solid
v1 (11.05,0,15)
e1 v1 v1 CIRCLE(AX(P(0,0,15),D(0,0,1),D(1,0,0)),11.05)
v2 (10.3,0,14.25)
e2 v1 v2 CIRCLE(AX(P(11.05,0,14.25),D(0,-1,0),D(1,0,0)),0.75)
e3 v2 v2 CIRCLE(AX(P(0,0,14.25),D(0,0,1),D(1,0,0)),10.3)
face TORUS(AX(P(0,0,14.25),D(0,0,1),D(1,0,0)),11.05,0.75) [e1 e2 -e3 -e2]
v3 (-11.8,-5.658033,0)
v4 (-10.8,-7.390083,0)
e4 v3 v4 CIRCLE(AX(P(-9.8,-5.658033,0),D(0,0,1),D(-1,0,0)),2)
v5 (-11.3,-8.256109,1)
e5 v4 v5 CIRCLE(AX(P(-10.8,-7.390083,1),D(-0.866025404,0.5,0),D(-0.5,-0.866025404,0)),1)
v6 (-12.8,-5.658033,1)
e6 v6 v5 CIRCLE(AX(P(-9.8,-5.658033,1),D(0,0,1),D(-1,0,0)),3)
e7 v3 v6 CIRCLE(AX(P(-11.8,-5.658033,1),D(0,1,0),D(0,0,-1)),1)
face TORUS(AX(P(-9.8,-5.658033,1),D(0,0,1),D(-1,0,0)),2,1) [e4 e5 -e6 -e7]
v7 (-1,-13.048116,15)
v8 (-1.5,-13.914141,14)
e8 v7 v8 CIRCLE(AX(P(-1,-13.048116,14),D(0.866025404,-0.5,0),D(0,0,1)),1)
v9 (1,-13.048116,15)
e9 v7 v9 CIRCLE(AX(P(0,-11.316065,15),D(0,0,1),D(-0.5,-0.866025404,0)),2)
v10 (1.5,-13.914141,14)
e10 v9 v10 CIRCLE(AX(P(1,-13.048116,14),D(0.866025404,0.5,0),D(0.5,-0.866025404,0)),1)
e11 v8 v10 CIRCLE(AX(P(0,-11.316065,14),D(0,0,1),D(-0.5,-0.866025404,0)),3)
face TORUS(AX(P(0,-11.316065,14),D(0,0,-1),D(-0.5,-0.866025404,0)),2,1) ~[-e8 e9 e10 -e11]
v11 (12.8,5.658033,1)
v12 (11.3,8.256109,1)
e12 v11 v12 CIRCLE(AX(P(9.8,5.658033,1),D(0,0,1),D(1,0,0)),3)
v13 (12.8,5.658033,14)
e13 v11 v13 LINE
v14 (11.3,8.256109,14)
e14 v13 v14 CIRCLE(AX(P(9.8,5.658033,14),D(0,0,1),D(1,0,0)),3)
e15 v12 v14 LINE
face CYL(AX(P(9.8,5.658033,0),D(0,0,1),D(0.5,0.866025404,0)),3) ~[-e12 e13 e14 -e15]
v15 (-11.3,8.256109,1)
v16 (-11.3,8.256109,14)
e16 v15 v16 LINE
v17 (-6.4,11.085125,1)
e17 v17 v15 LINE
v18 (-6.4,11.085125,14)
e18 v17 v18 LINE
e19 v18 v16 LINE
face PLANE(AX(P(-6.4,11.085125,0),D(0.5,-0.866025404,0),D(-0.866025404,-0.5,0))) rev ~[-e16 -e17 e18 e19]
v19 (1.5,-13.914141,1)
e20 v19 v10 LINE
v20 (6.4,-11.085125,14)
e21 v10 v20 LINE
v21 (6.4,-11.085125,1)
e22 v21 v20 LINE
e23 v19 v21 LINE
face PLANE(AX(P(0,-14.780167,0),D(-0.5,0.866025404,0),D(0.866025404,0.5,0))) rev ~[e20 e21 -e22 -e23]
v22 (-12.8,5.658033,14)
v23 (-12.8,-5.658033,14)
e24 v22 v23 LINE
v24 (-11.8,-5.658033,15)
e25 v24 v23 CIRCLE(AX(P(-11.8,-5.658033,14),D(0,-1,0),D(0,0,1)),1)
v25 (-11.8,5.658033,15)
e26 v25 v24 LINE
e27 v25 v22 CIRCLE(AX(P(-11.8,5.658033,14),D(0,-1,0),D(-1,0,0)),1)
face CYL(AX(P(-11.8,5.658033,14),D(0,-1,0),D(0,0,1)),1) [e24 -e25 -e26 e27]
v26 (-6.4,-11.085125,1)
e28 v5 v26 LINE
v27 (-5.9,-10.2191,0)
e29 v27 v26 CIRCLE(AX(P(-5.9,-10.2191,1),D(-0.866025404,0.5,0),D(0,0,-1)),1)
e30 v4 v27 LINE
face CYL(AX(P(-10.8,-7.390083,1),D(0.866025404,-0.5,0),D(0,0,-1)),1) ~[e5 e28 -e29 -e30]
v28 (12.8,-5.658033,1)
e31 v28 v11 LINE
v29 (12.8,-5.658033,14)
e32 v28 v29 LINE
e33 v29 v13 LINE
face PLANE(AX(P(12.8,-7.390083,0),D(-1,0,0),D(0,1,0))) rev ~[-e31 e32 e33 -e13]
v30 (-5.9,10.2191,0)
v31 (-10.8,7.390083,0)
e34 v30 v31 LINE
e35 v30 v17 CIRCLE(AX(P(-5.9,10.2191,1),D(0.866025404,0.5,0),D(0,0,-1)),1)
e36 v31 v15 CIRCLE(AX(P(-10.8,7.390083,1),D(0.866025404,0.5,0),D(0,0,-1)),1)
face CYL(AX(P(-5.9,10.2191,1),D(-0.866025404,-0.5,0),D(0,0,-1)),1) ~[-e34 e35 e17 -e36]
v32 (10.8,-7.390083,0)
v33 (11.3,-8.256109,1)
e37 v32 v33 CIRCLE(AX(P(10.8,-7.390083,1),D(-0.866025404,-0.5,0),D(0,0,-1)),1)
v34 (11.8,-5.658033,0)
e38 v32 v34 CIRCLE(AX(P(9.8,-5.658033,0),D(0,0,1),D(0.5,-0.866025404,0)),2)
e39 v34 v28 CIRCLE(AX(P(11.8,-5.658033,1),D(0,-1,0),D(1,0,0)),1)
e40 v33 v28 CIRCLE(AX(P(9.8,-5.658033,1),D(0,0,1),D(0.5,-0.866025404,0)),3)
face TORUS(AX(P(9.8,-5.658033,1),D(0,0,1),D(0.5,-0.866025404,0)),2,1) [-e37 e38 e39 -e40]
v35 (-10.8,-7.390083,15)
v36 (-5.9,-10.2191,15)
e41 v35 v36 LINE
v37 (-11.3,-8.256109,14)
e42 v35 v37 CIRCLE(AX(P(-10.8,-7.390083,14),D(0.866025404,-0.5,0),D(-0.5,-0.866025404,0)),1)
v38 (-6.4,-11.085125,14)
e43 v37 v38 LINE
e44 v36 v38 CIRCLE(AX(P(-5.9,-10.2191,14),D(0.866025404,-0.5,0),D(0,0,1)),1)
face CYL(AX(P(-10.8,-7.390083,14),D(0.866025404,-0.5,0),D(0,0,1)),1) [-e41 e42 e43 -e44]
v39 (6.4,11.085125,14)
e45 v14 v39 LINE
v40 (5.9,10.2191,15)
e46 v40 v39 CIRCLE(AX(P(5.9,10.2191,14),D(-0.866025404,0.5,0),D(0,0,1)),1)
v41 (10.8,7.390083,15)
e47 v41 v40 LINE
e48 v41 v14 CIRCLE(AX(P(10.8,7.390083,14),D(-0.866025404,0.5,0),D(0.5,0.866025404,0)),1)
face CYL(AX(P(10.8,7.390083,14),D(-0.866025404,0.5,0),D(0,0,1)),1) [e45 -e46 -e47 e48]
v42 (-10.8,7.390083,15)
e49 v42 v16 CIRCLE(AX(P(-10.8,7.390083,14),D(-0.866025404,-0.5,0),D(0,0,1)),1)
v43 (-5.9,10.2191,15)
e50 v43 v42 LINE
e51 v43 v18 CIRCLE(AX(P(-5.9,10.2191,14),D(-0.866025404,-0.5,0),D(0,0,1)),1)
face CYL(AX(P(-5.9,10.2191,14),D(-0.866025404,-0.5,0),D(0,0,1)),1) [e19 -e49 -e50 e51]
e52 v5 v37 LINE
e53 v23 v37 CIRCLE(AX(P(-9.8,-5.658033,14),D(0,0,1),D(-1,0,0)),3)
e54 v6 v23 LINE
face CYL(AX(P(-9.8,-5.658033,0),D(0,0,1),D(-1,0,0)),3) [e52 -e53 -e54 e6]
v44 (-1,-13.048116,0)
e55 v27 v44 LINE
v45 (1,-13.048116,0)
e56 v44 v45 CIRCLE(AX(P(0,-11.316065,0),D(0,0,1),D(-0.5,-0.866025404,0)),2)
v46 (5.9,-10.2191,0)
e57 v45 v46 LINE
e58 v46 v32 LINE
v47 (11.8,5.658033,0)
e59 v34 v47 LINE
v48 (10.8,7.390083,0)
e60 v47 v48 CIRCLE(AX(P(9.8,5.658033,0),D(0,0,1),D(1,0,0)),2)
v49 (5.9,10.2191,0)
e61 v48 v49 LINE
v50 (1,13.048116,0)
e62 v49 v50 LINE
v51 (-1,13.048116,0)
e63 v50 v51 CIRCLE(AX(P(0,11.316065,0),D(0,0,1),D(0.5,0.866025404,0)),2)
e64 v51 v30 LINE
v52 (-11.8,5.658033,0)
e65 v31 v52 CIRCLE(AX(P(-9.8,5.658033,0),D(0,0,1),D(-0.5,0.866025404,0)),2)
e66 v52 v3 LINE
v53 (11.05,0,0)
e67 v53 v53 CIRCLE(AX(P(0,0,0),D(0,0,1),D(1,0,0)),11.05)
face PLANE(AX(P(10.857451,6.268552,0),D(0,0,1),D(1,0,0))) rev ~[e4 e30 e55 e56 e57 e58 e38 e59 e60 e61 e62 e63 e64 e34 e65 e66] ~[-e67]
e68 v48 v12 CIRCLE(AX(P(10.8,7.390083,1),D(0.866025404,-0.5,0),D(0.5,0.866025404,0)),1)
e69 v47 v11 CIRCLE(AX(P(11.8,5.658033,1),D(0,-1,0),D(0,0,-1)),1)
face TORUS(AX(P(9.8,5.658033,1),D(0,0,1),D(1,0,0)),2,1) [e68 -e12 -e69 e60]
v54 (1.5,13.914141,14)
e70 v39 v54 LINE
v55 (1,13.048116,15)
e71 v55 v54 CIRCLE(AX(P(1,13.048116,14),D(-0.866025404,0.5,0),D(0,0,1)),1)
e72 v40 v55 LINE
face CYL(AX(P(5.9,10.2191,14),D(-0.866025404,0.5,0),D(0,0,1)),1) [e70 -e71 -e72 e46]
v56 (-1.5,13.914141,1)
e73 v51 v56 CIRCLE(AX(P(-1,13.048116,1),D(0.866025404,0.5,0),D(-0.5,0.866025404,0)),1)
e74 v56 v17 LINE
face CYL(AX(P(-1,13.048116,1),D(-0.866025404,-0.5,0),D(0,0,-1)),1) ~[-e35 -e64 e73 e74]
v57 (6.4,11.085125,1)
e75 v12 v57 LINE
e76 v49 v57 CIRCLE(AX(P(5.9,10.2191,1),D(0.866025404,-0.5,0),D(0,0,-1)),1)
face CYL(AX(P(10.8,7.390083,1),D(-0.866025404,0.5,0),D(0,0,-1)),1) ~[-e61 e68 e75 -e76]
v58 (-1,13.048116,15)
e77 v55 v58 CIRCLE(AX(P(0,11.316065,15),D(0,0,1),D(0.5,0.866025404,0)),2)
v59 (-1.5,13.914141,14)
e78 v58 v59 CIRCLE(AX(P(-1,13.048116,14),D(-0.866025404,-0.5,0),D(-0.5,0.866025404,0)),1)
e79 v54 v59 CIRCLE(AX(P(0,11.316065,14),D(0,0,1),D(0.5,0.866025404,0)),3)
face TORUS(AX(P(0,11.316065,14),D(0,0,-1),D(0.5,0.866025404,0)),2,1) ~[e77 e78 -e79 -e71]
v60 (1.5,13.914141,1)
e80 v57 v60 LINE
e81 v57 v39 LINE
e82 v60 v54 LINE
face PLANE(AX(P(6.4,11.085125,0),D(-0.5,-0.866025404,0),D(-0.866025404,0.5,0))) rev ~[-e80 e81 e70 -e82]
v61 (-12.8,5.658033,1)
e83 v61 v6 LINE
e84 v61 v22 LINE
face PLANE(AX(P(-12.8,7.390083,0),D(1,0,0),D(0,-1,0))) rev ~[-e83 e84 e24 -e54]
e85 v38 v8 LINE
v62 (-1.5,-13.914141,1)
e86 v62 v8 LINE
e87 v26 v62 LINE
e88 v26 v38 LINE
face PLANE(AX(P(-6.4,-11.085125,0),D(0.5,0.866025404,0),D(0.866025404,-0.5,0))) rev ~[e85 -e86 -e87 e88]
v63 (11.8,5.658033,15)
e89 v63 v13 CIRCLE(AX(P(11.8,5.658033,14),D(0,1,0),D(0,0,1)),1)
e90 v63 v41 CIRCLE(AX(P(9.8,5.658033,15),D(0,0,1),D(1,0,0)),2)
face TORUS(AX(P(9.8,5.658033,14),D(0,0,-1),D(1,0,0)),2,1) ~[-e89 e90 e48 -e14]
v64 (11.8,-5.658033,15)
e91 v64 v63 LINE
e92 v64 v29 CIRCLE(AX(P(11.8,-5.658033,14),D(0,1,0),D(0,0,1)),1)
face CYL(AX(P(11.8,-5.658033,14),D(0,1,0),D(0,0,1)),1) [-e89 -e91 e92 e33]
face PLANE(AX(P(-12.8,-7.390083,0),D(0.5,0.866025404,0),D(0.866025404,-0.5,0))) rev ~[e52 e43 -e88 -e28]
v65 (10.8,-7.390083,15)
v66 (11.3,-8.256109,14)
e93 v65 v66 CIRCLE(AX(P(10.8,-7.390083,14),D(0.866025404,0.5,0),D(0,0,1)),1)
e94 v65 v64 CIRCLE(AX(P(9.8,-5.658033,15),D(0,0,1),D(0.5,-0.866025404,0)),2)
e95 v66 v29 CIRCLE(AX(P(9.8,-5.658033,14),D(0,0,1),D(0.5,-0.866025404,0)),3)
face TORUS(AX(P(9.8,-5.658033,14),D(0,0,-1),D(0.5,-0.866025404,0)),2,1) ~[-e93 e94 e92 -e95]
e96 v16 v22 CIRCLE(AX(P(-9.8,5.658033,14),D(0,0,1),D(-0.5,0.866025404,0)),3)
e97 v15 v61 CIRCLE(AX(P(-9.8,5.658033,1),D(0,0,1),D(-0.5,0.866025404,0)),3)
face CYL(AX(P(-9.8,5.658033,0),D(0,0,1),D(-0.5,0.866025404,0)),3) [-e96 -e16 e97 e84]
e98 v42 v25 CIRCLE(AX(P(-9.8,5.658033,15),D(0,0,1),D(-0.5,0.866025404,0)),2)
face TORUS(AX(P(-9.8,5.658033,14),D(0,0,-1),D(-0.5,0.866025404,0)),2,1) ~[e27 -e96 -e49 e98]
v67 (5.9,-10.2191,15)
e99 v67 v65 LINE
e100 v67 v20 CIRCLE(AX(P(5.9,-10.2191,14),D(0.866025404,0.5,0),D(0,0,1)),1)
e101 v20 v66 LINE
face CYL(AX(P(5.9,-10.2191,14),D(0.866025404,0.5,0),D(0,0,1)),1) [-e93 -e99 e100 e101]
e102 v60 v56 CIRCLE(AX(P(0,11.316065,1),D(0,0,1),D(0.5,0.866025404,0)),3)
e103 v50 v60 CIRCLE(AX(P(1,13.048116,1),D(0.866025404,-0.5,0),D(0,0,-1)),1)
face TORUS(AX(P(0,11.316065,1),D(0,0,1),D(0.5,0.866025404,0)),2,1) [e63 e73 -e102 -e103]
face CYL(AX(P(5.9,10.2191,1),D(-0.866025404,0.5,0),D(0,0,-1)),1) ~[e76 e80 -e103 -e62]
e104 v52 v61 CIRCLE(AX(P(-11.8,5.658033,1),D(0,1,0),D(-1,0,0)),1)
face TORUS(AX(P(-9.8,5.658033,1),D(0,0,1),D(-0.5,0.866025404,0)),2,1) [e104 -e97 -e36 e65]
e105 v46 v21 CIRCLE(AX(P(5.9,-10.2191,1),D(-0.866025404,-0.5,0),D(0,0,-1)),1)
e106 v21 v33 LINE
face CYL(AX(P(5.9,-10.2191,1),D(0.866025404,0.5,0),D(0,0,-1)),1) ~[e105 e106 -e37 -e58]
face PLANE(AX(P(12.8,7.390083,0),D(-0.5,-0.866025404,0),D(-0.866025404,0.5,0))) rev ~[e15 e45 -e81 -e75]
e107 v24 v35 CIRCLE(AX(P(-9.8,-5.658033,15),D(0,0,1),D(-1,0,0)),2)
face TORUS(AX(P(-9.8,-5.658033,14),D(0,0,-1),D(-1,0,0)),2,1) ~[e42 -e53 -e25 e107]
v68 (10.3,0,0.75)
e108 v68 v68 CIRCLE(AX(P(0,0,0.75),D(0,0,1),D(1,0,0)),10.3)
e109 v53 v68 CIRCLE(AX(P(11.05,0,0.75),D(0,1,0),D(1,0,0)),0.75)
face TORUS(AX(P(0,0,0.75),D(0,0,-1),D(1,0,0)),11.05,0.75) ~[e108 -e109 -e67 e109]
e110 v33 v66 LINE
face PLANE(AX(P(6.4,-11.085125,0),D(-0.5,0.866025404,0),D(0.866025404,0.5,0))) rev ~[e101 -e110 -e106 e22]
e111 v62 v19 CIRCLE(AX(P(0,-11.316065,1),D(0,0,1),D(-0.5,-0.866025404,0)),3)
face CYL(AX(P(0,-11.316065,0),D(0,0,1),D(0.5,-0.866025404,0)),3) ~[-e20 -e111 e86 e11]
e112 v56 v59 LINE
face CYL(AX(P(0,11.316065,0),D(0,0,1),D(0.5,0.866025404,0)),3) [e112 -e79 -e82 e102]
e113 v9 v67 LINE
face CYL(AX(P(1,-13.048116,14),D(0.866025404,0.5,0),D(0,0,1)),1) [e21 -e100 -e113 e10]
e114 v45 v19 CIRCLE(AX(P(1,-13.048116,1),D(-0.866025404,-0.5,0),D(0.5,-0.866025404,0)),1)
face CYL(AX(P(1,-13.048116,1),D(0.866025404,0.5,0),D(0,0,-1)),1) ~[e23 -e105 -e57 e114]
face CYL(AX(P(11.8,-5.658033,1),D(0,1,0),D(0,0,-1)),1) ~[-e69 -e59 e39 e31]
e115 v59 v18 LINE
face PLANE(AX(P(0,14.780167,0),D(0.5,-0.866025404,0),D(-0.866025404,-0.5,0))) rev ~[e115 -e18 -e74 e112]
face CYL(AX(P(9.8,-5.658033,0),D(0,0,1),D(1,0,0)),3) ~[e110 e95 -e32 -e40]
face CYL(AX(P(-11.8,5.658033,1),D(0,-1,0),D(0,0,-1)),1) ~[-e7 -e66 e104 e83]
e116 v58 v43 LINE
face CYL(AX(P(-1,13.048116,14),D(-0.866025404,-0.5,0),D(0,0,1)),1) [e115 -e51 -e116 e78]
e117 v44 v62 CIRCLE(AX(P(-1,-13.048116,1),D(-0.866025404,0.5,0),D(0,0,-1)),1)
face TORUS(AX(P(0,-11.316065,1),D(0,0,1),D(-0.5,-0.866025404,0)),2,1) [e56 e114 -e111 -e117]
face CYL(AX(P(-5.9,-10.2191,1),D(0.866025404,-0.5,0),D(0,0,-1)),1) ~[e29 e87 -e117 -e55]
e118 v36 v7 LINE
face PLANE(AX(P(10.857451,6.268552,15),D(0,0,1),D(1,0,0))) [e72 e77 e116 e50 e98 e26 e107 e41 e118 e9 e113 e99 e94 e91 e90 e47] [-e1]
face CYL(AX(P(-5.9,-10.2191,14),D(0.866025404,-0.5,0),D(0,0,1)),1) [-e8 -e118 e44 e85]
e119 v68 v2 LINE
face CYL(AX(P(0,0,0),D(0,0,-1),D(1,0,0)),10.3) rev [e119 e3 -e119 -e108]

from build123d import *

# Parameters (mm, degrees)
F0_R     = 10.3
F1_DEPTH = 15
F2_R     = 3
F3_R     = 1
F4_R     = 0.75


with BuildPart() as f1:
    # F0 (on Top) → F1 (new body)
    with BuildSketch(Plane.XY):
        with BuildLine():
            ThreePointArc((6.3999998246, 11.0851252697), (11.0851251178, 6.4000000877), (12.8, 0))
            Line((12.8, 0), (12.8, 7.3900834456))
            Line((12.8, 7.3900834456), (6.3999998246, 11.0851252697))
        make_face()
        with BuildLine():
            ThreePointArc((-6.3999998359, 11.0851252632), (-6.6e-09, 12.8), (6.3999998246, 11.0851252697))
            Line((6.3999998246, 11.0851252697), (0, 14.7801668913))
            Line((0, 14.7801668913), (-6.3999998359, 11.0851252632))
        make_face()
        with BuildLine():
            ThreePointArc((-12.8, 0), (-11.0851251211, 6.400000082), (-6.3999998359, 11.0851252632))
            Line((-6.3999998359, 11.0851252632), (-12.8, 7.3900834456))
            Line((-12.8, 7.3900834456), (-12.8, 0))
        make_face()
        with BuildLine():
            Line((-12.8, -7.3900834456), (-6.4000000251, -11.085125154))
            ThreePointArc((-6.4000000251, -11.085125154), (-11.0851251757, -6.3999999875), (-12.8, 0))
            Line((-12.8, 0), (-12.8, -7.3900834456))
        make_face()
        with BuildLine():
            Line((0, -14.7801668913), (6.3999998359, -11.0851252632))
            ThreePointArc((6.3999998359, -11.0851252632), (-1.092e-07, -12.8), (-6.4000000251, -11.085125154))
            Line((-6.4000000251, -11.085125154), (0, -14.7801668913))
        make_face()
        with BuildLine():
            Line((12.8, -7.3900834456), (12.8, 0))
            ThreePointArc((12.8, 0), (11.0851251211, -6.400000082), (6.3999998359, -11.0851252632))
            Line((6.3999998359, -11.0851252632), (12.8, -7.3900834456))
        make_face()
        with BuildLine():
            ThreePointArc((6.3999998359, -11.0851252632), (11.0851251211, -6.400000082), (12.8, 0))
            ThreePointArc((12.8, 0), (11.0851251178, 6.4000000877), (6.3999998246, 11.0851252697))
            ThreePointArc((6.3999998246, 11.0851252697), (-6.6e-09, 12.8), (-6.3999998359, 11.0851252632))
            ThreePointArc((-6.3999998359, 11.0851252632), (-11.0851251211, 6.400000082), (-12.8, 0))
            ThreePointArc((-12.8, 0), (-11.0851251757, -6.3999999875), (-6.4000000251, -11.085125154))
            ThreePointArc((-6.4000000251, -11.085125154), (-1.092e-07, -12.8), (6.3999998359, -11.0851252632))
        make_face()
        Circle(F0_R, mode=Mode.SUBTRACT)
    extrude(amount=F1_DEPTH)

    # F2
    f2_edges = [f1.edges().sort_by_distance(p)[0] for p in [
        (0, 14.780167, 7.5),
        (12.8, 7.390083, 7.5),
        (12.8, -7.390083, 7.5),
        (0, -14.780167, 7.5),
        (-12.8, -7.390083, 7.5),
        (-12.8, 7.390083, 7.5),
    ]]
    fillet(f2_edges, radius=F2_R)

    # F3
    f3_edges = [f1.edges().sort_by_distance(p)[0] for p in [
        (12.8, 0, 15),
        (12.398076, -7.158033, 15),
        (6.4, -11.085125, 15),
        (-6.4, -11.085125, 15),
        (-12.398076, 7.158033, 15),
        (-12.8, 0, 15),
        (-6.4, 11.085125, 15),
        (6.4, 11.085125, 15),
        (0, 14.316065, 15),
        (12.398076, 7.158033, 15),
        (-6.4, -11.085125, 0),
        (12.398076, -7.158033, 0),
    ]]
    fillet(f3_edges, radius=F3_R)

    # F4
    f4_edges = [f1.edges().sort_by_distance(p)[0] for p in [
        (-10.3, 0, 0),
        (-10.3, 0, 15),
    ]]
    fillet(f4_edges, radius=F4_R)


solid = f1.part
